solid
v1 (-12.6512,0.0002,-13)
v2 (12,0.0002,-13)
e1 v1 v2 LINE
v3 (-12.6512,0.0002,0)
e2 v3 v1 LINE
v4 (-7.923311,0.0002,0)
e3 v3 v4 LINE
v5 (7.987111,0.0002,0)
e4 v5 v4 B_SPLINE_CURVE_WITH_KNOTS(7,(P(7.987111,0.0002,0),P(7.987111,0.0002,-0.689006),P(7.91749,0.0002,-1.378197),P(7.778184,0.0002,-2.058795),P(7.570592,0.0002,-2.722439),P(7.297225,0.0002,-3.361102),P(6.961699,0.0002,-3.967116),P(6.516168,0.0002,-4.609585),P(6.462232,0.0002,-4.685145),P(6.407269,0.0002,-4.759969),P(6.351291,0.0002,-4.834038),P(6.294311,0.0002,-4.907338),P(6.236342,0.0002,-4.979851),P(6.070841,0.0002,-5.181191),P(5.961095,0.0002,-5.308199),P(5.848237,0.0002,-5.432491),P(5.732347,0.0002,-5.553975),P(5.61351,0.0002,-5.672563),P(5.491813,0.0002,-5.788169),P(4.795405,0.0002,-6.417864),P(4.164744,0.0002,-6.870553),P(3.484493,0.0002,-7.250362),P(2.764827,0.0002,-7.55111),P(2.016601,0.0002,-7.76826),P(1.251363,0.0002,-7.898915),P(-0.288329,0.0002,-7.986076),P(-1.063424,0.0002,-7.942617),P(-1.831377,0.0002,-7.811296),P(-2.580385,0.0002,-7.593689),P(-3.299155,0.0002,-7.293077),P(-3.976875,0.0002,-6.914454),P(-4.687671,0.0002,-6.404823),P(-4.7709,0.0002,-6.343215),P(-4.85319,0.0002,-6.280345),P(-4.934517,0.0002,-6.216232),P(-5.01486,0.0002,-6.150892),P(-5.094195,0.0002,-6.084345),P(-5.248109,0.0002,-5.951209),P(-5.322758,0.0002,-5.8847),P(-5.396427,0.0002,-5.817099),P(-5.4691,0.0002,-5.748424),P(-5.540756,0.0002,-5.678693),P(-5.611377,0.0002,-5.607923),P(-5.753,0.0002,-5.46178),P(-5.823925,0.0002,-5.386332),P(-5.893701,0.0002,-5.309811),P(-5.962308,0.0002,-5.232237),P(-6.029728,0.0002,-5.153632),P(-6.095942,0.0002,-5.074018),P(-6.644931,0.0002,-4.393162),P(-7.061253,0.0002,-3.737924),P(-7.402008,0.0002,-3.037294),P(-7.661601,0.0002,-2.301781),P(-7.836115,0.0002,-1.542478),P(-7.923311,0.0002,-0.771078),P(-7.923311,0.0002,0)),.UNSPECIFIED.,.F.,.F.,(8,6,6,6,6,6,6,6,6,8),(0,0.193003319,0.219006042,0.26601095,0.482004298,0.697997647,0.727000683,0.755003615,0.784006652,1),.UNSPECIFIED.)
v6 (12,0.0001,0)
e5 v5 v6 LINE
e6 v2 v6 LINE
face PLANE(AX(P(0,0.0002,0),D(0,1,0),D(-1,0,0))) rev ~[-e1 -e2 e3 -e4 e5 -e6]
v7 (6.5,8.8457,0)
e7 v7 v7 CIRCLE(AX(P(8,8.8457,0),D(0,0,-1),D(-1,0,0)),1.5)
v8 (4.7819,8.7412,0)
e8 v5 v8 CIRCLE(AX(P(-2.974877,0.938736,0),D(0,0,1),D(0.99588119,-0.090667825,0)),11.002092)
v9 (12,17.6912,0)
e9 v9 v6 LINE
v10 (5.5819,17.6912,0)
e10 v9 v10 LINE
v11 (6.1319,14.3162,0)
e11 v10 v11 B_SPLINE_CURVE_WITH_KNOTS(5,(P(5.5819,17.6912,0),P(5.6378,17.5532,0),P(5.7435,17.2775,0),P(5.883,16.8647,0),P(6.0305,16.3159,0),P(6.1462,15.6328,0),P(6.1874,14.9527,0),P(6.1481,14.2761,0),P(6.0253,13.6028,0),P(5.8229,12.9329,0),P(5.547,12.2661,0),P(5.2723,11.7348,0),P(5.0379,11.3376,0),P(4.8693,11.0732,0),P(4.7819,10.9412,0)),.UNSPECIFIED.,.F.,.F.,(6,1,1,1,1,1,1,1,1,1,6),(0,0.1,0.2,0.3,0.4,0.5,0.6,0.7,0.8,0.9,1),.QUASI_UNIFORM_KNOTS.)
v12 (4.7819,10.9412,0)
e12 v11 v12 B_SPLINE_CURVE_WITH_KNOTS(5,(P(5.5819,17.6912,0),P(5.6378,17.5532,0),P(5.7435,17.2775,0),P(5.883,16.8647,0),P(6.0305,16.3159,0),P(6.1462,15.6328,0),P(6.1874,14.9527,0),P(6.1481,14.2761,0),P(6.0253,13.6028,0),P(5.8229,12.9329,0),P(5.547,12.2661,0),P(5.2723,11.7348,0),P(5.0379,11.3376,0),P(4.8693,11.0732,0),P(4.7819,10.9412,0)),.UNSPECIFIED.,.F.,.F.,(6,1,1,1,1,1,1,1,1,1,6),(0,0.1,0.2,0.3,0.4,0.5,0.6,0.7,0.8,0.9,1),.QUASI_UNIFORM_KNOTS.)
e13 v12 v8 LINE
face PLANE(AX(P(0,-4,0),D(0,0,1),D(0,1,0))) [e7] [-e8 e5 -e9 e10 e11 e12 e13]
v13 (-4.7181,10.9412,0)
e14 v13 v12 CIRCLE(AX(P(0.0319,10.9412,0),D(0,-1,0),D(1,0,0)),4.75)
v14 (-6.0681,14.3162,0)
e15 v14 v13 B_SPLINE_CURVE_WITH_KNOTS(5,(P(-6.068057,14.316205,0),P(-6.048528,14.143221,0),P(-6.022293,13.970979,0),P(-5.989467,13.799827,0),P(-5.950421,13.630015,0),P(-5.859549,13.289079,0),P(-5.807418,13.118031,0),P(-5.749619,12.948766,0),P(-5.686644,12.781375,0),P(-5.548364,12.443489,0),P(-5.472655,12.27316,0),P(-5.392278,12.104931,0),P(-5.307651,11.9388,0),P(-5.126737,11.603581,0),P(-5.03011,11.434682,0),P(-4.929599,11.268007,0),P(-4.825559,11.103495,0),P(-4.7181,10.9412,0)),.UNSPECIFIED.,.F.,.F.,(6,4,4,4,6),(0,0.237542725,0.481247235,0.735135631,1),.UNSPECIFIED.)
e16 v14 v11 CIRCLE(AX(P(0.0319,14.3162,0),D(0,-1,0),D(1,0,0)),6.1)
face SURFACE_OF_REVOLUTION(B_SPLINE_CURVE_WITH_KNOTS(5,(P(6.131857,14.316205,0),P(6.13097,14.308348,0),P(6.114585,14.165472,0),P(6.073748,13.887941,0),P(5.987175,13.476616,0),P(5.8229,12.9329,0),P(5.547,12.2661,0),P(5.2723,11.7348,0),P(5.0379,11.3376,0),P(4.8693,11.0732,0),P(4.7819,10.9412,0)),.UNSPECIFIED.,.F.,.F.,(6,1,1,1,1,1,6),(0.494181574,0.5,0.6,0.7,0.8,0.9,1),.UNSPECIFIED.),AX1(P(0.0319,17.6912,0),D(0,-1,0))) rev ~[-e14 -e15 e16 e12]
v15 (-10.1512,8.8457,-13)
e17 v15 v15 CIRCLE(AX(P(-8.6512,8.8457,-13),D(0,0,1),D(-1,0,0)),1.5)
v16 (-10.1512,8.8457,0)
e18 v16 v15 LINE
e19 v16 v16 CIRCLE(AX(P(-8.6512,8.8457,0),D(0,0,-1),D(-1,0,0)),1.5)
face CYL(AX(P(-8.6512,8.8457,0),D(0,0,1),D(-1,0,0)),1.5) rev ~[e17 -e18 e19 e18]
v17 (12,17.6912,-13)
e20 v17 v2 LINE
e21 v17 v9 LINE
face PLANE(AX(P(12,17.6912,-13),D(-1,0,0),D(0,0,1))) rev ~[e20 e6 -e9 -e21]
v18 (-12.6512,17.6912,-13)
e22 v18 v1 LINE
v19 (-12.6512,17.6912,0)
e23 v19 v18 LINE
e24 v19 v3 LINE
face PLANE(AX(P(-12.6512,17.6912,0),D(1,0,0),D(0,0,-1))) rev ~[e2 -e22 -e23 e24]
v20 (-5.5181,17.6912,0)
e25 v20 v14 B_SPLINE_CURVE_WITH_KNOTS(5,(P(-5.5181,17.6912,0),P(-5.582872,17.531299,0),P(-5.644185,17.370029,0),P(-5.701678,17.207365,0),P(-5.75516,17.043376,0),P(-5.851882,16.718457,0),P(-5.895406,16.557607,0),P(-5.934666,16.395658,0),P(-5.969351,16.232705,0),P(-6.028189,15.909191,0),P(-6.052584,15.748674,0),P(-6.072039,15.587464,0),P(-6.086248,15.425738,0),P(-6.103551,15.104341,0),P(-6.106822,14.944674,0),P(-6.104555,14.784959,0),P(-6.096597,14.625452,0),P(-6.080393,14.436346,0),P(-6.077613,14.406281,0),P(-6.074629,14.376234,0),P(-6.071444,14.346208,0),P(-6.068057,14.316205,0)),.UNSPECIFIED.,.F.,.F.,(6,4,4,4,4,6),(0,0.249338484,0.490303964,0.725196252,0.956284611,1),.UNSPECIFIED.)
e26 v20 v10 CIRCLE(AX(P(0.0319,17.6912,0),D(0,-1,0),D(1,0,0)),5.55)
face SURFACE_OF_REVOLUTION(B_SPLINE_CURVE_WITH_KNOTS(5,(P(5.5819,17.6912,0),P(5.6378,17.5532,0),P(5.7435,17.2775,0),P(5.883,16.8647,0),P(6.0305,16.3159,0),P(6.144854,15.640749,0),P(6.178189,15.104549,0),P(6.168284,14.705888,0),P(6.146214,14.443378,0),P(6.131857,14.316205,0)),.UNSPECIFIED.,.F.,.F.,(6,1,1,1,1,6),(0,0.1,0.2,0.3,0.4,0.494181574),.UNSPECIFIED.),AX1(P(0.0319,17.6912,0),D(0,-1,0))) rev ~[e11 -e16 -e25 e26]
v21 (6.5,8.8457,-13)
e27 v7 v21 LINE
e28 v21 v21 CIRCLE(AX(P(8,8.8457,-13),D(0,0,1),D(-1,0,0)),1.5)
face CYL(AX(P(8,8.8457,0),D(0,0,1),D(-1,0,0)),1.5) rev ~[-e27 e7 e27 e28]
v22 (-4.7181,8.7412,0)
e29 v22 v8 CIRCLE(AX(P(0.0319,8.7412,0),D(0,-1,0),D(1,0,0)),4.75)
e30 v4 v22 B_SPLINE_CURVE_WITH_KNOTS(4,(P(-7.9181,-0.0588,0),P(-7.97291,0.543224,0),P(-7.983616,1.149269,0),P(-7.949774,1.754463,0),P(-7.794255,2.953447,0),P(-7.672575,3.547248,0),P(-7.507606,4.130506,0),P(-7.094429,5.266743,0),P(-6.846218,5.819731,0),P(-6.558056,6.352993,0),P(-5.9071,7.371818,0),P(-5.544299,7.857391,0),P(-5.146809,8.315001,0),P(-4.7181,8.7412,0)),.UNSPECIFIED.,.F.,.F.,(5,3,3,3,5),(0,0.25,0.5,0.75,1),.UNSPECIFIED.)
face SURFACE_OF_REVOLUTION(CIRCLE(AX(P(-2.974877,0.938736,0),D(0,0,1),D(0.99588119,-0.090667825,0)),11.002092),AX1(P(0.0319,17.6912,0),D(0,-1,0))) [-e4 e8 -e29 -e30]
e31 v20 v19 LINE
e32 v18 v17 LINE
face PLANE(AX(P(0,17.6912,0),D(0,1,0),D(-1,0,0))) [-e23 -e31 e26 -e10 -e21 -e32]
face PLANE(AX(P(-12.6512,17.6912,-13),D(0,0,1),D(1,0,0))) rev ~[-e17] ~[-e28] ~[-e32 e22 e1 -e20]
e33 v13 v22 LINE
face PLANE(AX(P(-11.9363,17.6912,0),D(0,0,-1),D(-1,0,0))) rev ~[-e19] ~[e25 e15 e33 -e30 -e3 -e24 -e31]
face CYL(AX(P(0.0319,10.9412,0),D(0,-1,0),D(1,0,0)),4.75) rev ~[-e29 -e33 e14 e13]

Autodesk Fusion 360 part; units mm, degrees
sketch "Sketch1" plane through (0, 0, 0) normal (0, 0, 1) x (1, 0, 0)
  line L0 (0.0319, -0.0588) -> (7.7319, -0.0588)
  line L1 (0.0319, 17.6912) -> (0.0319, -0.0588)
  line L2 (0.0319, 17.6912) -> (5.3319, 17.6912)
  line L3 (0.0319, 8.7412) -> (4.5319, 8.7412)
  line L4 (4.5319, 10.9412) -> (0.0319, 10.9412)
  spline S0 degree 5 poles (5.3319, 17.6912) (5.3878, 17.5532) (5.4935, 17.2775) (5.633, 16.8647) (5.7805, 16.3159) (5.8962, 15.6328) (5.9374, 14.9527) (5.8981, 14.2761) (5.7753, 13.6028) (5.5729, 12.9329) (5.297, 12.2661) (5.0223, 11.7348) (4.7879, 11.3376) (4.6193, 11.0732) (4.5319, 10.9412) knots 0 0 0 0 0 0 0.1 0.2 0.3 0.4 0.5 0.6 0.7 0.8 0.9 1 1 1 1 1 1
  line L5 (0.0319, 10.9412) -> (4.5319, 10.9412)
  arc A0 (7.7319, -0.0588) -> (4.5319, 8.7412) centre (-3.0926, 0.9869) ccw
  line L6 (4.5319, 8.7412) -> (4.5319, 10.9412)
  line L7 (0.0319, 10.9412) -> (0.0319, 8.7412)
  line L8 (0.0319, 10.9412) -> (0.0319, 8.7412)
  line L9 (0.0319, 14.3162) -> (5.8819, 14.3162)
  line L10 (0.0319, 17.6912) -> (0.0319, 10.9412)
  line L11 (7.7319, -0.0588) -> (7.9819, -0.0588)
  line L12 (4.5319, 8.7412) -> (4.7819, 8.7412)
  line L13 (4.5319, 10.9412) -> (4.7819, 10.9412)
  line L14 (5.8819, 14.3162) -> (6.1319, 14.3162)
  line L15 (5.3319, 17.6912) -> (5.5819, 17.6912)
  spline S1 degree 5 poles (5.5819, 17.6912) (5.6378, 17.5532) (5.7435, 17.2775) (5.883, 16.8647) (6.0305, 16.3159) (6.1462, 15.6328) (6.1874, 14.9527) (6.1481, 14.2761) (6.0253, 13.6028) (5.8229, 12.9329) (5.547, 12.2661) (5.2723, 11.7348) (5.0379, 11.3376) (4.8693, 11.0732) (4.7819, 10.9412) knots 0 0 0 0 0 0 0.1 0.2 0.3 0.4 0.5 0.6 0.7 0.8 0.9 1 1 1 1 1 1
  line L16 (4.7819, 10.9412) -> (4.7819, 8.7412)
  arc A1 (7.9819, -0.0588) -> (4.7819, 8.7412) centre (-2.9749, 0.9388) ccw
  line L17 (5.5819, 17.6912) -> (9, 17.6912)
  line L18 (9, 17.6912) -> (12, 17.6912)
  line L19 (12, 17.6912) -> (12, 0)
  line L20 (12, 0) -> (7.9819, -0.0588)
  dimension "d1" = 5.3
  dimension "d2" = 6.75
  dimension "d3" = 4.5
  dimension "d4" = 5.85
  dimension "d5" = 7.7
  dimension "d6" = 11
  dimension "d7" = 2.2
  dimension "d8" = 0.25
  dimension "d9" = 0.25
  dimension "d10" = 0.25
  dimension "d11" = 0.25
  dimension "d12" = 0.25
revolve "Revolve1" add sketch "Sketch1" angle 360 about axis through (0.0319, 17.6912, 0) along (0, -1, 0) contours S1 L16 A1 L17 L18 L19 L20
sketch "Sketch2" plane through (0, 0, 0) normal (1, 0, 0) x (0, 1, 0)
  line L0 (25.8736, 15.4962) -> (-4, 15.4962)
  line L1 (-4, 15.4962) -> (-4, 0)
  line L2 (-4, 0) -> (25.8736, 0)
  line L3 (25.8736, 0) -> (25.8736, 15.4962)
extrude "Extrude1" cut sketch "Sketch2" along normal mid plane 100
sketch "Sketch3" plane through (0, 17.6912, 0) normal (0, 1, 0) x (-1, 0, 0)
  line L0 (11.9363, 0) -> (5.5181, 0)
  arc A0 (-5.5819, 0) -> (5.5181, 0) centre (-0.0319, 0) ccw
  line L1 (-5.5819, 0) -> (-12, 0)
  arc A1 (-12, 0) -> (11.9363, 0) centre (-0.0319, 0) ccw
  line L2 (-12, 0) -> (12.6512, 0)
  line L3 (12.6512, 0) -> (12.6512, -13)
  line L4 (12.6512, -13) -> (-12, -13)
  line L5 (-12, -13) -> (-12, 0)
  circle A2 centre (-0.0319, 0) radius 5.55
  dimension "d16" = 13
extrude "Extrude2" add sketch "Sketch3" against normal blind 17.691 contours A1 L2 L3 L4 L5
sketch "Sketch4" plane through (12, 0, 0) normal (1, 0, 0) x (0, 1, 0)
  line L0 (17.6912, -13) -> (17.6912, 0)
  line L1 (17.6912, 0) -> (0.0002, 0)
  line L2 (0.0002, 0) -> (0.0002, -13)
  line L3 (0.0002, -13) -> (17.6912, -13)
  line L4 (0.0002, 0) -> (-2.6841, 0)
  line L5 (-2.6841, 0) -> (-2.6841, -13)
  line L6 (-2.6841, -13) -> (0.0002, -13)
  line L7 (0.0002, -13) -> (0.0002, 0)
extrude "Extrude3" cut sketch "Sketch4" along normal mid plane 200 contours L2 L4 L5 L6 L7
sketch "Sketch5" plane through (0, 0, 0) normal (0, 0, 1) x (-1, 0, 0)
  line L0 (12.6512, -0.0002) -> (7.9234, -0.0002)
  arc A0 (4.7181, -8.7412) -> (7.9234, -0.0002) centre (-3.0386, -0.9388) ccw
  line L1 (4.7181, -8.7412) -> (4.7181, -10.9412)
  spline S0 degree 3 poles (5.5181, -17.6912) (5.7729, -17.0634) (5.9669, -16.3949) (6.1465, -14.9938) (6.1035, -14.3577) (5.7383, -12.6271) (5.1773, -11.6346) (4.7181, -10.9412) knots -0.494391 -0.494391 -0.494391 -0.494391 -0.376445 -0.376445 -0.249507 -0.249507 0 0 0 0
  line L2 (5.5181, -17.6912) -> (12.6512, -17.6912)
  line L3 (12.6512, -17.6912) -> (12.6512, -0.0002)
  line L4 (12.6512, -17.6912) -> (12.6512, -0.0002)
  line L5 (12.6512, -8.8457) -> (-12, -8.8457)
  line L6 (-12, -8.8457) -> (-12, -17.6912)
  circle A1 centre (8.6512, -8.8457) radius 1.5
  circle A2 centre (-8, -8.8457) radius 1.5
  dimension "d21" = 3
  dimension "d22" = 3
  dimension "d23" = 4
  dimension "d24" = 4
extrude "Extrude4" cut sketch "Sketch5" against normal through all contours L5 A2 | L5 A2 | L5 A1 | L5 A1
